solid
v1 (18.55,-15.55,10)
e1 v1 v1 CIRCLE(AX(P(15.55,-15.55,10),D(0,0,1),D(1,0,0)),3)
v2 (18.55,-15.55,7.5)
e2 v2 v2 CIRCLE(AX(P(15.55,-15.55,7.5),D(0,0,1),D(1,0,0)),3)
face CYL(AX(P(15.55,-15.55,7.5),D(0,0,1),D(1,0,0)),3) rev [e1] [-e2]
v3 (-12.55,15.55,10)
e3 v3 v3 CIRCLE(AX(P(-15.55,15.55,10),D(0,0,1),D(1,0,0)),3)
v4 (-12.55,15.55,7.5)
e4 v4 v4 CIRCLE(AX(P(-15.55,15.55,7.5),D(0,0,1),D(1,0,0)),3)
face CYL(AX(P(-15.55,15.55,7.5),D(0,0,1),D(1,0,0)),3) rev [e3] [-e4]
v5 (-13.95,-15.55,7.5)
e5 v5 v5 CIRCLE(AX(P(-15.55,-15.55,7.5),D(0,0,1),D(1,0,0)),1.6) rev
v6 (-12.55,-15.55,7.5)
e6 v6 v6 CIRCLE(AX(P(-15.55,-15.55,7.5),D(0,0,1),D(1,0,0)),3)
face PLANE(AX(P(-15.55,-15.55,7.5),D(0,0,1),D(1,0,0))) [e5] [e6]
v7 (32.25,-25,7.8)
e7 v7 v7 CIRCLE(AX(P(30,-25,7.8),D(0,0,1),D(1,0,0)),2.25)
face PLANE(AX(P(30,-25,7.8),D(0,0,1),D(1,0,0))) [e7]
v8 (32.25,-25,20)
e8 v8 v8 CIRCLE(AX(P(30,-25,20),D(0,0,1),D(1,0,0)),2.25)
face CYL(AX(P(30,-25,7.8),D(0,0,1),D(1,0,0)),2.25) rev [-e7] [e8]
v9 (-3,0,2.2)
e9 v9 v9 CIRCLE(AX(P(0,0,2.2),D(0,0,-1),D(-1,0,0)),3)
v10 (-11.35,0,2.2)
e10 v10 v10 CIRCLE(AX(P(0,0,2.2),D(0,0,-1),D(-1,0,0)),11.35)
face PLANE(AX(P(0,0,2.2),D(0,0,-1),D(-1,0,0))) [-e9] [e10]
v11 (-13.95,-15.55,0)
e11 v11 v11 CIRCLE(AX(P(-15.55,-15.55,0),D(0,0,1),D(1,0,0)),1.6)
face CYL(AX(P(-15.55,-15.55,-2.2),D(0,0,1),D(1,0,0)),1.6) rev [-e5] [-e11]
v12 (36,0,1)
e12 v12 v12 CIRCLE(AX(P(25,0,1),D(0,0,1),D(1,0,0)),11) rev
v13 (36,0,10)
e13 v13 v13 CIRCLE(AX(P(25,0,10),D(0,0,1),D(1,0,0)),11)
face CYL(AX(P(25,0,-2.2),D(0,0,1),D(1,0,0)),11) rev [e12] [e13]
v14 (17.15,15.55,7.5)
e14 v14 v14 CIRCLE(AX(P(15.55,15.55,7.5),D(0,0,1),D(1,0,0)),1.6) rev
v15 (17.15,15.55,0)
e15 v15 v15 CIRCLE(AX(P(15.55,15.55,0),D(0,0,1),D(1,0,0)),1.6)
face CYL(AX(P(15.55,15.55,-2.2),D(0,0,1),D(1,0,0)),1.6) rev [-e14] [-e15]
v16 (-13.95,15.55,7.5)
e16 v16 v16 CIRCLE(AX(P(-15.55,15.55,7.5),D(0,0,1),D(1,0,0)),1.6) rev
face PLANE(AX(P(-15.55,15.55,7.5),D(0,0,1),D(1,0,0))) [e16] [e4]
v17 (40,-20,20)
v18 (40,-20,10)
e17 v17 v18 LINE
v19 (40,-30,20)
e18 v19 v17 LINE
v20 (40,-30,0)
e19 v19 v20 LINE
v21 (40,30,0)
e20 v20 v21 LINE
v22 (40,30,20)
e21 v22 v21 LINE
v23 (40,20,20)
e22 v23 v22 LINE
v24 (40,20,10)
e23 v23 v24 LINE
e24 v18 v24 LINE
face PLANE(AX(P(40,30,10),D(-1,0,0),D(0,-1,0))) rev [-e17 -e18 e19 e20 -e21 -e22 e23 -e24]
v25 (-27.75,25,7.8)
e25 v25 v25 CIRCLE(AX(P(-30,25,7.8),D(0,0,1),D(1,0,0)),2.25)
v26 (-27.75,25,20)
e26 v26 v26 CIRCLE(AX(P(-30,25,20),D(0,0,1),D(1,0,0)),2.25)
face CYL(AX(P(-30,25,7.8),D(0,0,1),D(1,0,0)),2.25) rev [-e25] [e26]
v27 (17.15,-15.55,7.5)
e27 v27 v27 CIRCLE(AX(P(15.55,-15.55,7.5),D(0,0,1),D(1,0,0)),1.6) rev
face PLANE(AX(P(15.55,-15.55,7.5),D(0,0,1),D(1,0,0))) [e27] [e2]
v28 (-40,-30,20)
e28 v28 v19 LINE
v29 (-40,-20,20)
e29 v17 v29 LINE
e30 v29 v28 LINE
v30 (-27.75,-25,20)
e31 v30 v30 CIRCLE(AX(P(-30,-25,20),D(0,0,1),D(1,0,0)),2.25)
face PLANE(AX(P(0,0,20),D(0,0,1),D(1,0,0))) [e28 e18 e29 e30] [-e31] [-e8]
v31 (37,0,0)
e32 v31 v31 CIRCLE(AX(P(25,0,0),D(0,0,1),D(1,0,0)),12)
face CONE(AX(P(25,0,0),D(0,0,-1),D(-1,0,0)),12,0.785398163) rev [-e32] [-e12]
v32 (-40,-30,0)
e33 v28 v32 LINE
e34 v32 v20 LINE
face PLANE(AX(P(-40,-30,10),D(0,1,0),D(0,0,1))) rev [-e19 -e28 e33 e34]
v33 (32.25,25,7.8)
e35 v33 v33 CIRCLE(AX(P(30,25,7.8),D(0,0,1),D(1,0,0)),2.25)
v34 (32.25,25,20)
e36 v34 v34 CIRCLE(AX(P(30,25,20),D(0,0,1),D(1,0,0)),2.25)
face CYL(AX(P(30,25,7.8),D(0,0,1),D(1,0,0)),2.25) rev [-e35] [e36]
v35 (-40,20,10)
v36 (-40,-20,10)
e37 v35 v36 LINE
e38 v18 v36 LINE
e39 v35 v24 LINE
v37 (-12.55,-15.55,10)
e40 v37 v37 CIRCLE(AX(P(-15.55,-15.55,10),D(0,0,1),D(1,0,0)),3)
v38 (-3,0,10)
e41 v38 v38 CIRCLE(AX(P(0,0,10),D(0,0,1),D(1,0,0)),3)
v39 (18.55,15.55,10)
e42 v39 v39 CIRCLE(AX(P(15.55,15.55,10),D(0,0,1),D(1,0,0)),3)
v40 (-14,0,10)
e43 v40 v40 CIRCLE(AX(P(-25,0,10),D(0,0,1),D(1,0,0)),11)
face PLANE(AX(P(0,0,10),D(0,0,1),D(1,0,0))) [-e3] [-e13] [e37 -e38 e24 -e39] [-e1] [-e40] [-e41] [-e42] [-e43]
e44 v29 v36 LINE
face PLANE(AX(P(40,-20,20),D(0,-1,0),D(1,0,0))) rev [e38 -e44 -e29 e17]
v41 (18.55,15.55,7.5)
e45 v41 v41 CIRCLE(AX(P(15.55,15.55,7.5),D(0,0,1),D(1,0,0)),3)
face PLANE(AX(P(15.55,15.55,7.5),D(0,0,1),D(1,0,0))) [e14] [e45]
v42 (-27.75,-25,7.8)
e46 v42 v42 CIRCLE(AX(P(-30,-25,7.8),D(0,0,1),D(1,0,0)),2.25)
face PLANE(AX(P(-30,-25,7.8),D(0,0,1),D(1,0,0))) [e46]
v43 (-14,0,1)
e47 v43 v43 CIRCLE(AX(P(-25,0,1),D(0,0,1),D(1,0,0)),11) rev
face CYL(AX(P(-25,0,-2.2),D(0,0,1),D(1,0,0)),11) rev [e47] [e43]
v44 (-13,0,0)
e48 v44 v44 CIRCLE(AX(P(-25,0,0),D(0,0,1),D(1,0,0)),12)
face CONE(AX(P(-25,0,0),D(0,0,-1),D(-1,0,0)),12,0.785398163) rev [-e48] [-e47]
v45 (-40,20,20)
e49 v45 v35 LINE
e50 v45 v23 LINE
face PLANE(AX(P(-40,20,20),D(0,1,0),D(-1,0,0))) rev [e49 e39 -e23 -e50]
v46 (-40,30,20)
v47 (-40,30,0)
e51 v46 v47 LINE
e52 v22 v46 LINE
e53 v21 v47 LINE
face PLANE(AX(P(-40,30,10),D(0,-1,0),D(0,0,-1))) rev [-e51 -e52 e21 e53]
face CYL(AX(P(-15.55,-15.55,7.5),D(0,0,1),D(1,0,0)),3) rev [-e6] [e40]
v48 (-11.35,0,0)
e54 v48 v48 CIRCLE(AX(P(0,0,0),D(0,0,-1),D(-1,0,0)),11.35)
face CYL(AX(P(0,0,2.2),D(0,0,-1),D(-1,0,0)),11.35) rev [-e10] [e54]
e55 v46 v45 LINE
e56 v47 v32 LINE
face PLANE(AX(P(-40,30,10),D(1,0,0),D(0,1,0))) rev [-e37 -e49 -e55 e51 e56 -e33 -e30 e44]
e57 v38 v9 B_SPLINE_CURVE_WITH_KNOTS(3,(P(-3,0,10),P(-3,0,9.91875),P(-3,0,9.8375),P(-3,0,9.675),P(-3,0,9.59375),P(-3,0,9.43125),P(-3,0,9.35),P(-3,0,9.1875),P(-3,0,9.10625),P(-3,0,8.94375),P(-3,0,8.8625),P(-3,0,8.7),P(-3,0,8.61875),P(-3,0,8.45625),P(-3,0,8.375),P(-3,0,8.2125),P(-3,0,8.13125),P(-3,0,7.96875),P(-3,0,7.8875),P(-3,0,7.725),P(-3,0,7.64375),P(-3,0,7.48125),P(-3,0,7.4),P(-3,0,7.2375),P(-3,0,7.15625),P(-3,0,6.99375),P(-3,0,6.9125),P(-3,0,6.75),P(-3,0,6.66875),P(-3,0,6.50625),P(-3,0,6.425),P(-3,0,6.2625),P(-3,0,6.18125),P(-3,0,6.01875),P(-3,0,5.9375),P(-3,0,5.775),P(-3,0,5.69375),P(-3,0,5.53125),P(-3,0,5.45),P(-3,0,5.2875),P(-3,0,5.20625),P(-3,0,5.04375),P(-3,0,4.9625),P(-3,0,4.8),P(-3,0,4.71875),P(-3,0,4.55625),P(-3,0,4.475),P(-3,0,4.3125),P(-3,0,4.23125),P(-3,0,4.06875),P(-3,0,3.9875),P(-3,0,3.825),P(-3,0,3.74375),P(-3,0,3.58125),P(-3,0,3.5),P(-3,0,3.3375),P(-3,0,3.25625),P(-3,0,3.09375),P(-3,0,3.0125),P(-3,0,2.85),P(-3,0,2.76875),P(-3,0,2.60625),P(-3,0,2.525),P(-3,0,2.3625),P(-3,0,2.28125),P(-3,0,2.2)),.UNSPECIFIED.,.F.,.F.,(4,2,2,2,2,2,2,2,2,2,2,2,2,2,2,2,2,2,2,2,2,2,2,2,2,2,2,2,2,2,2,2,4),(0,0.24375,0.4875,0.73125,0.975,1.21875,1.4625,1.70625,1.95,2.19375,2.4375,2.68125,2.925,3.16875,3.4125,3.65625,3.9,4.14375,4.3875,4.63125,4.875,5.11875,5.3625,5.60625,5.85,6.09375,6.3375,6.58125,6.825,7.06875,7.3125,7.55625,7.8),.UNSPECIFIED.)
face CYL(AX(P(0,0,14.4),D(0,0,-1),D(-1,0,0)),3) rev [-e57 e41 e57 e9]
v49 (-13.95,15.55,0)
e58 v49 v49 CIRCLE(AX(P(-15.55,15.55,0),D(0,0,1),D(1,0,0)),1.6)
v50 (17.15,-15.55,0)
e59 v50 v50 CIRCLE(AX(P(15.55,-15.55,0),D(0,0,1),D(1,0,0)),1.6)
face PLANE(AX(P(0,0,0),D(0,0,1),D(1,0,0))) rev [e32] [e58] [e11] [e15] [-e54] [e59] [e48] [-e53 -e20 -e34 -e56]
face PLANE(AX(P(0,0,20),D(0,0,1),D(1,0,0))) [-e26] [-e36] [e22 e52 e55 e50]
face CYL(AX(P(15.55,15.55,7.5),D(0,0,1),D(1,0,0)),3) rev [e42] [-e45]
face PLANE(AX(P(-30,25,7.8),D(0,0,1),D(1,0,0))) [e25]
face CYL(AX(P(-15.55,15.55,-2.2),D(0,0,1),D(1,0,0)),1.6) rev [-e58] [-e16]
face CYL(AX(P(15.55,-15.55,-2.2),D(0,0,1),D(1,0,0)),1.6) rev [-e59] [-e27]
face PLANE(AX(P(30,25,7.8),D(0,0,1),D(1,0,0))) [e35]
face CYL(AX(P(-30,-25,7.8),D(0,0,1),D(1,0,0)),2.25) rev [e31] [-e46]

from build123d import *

# Parameters (mm, degrees)
SKIZZE1_W                       = 80
SKIZZE1_H                       = 60
AUFSATZ_LINEAR_AUSTRAGEN1_DEPTH = 10
SKIZZE2_W                       = 80
SKIZZE2_H                       = 10
AUFSATZ_LINEAR_AUSTRAGEN2_DEPTH = 10
SKIZZE3_R                       = 11.35
SCHNITT_LINEAR_AUSTRAGEN1_DEPTH = 2.2
SKIZZE4_R                       = 3
SCHNITT_LINEAR_AUSTRAGEN2_DEPTH = 12.2
SKIZZE5_R                       = 2.25
SCHNITT_LINEAR_AUSTRAGEN3_DEPTH = 12.2
SKIZZE6_R                       = 11
SCHNITT_LINEAR_AUSTRAGEN4_DEPTH = 12.2
SKIZZE7_R                       = 1.6
SCHNITT_LINEAR_AUSTRAGEN5_DEPTH = 12.2
SKIZZE8_R                       = 3
SCHNITT_LINEAR_AUSTRAGEN6_DEPTH = 2.5
FASE1_SIZE                      = 1


with BuildPart() as part:
    # Skizze1 → Aufsatz-Linear austragen1 (new body)
    with BuildSketch(Plane.XY):
        Rectangle(SKIZZE1_W, SKIZZE1_H)
    extrude(amount=AUFSATZ_LINEAR_AUSTRAGEN1_DEPTH)

    # Skizze2 → Aufsatz-Linear austragen2 (add)
    with BuildSketch(Plane.XY.offset(10)):
        with Locations((0, 25)):
            Rectangle(SKIZZE2_W, SKIZZE2_H)
        with Locations((0, -25)):
            Rectangle(SKIZZE2_W, SKIZZE2_H)
    extrude(amount=AUFSATZ_LINEAR_AUSTRAGEN2_DEPTH)

    # Skizze3 → Schnitt-Linear austragen1 (cut)
    with BuildSketch(Plane(origin=(0, 0, 0), x_dir=(-1, 0, 0), z_dir=(0, 0, -1))):
        Circle(SKIZZE3_R)
    extrude(amount=-SCHNITT_LINEAR_AUSTRAGEN1_DEPTH, mode=Mode.SUBTRACT)

    # Skizze4 → Schnitt-Linear austragen2 (cut)
    with BuildSketch(Plane(origin=(0, 0, 2.2), x_dir=(-1, 0, 0), z_dir=(0, 0, -1))):
        Circle(SKIZZE4_R)
    extrude(amount=-SCHNITT_LINEAR_AUSTRAGEN2_DEPTH, mode=Mode.SUBTRACT)

    # Skizze5 → Schnitt-Linear austragen3 (cut)
    with BuildSketch(Plane.XY.offset(20)):
        with Locations((30, 25)):
            Circle(SKIZZE5_R)
        with Locations((-30, 25)):
            Circle(SKIZZE5_R)
        with Locations((-30, -25)):
            Circle(SKIZZE5_R)
        with Locations((30, -25)):
            Circle(SKIZZE5_R)
    extrude(amount=-SCHNITT_LINEAR_AUSTRAGEN3_DEPTH, mode=Mode.SUBTRACT)

    # Skizze6 → Schnitt-Linear austragen4 (cut)
    with BuildSketch(Plane.XY.offset(10)):
        with Locations((-25, 0)):
            Circle(SKIZZE6_R)
        with Locations((25, 0)):
            Circle(SKIZZE6_R)
    extrude(amount=-SCHNITT_LINEAR_AUSTRAGEN4_DEPTH, mode=Mode.SUBTRACT)

    # Skizze7 → Schnitt-Linear austragen5 (cut)
    with BuildSketch(Plane.XY.offset(10)):
        with Locations((-15.55, 15.55)):
            Circle(SKIZZE7_R)
        with Locations((15.55, 15.55)):
            Circle(SKIZZE7_R)
        with Locations((15.55, -15.55)):
            Circle(SKIZZE7_R)
        with Locations((-15.55, -15.55)):
            Circle(SKIZZE7_R)
    extrude(amount=-SCHNITT_LINEAR_AUSTRAGEN5_DEPTH, mode=Mode.SUBTRACT)

    # Skizze8 → Schnitt-Linear austragen6 (cut)
    with BuildSketch(Plane.XY.offset(10)):
        with Locations((-15.55, 15.55)):
            Circle(SKIZZE8_R)
        with Locations((15.55, 15.55)):
            Circle(SKIZZE8_R)
        with Locations((-15.55, -15.55)):
            Circle(SKIZZE8_R)
        with Locations((15.55, -15.55)):
            Circle(SKIZZE8_R)
    extrude(amount=-SCHNITT_LINEAR_AUSTRAGEN6_DEPTH, mode=Mode.SUBTRACT)

    # Fase1
    fase1_edges = [part.edges().sort_by_distance(p)[0] for p in [
        (-36, 0, 0),
        (14, 0, 0),
    ]]
    chamfer(fase1_edges, length=FASE1_SIZE)


solid = part.part
